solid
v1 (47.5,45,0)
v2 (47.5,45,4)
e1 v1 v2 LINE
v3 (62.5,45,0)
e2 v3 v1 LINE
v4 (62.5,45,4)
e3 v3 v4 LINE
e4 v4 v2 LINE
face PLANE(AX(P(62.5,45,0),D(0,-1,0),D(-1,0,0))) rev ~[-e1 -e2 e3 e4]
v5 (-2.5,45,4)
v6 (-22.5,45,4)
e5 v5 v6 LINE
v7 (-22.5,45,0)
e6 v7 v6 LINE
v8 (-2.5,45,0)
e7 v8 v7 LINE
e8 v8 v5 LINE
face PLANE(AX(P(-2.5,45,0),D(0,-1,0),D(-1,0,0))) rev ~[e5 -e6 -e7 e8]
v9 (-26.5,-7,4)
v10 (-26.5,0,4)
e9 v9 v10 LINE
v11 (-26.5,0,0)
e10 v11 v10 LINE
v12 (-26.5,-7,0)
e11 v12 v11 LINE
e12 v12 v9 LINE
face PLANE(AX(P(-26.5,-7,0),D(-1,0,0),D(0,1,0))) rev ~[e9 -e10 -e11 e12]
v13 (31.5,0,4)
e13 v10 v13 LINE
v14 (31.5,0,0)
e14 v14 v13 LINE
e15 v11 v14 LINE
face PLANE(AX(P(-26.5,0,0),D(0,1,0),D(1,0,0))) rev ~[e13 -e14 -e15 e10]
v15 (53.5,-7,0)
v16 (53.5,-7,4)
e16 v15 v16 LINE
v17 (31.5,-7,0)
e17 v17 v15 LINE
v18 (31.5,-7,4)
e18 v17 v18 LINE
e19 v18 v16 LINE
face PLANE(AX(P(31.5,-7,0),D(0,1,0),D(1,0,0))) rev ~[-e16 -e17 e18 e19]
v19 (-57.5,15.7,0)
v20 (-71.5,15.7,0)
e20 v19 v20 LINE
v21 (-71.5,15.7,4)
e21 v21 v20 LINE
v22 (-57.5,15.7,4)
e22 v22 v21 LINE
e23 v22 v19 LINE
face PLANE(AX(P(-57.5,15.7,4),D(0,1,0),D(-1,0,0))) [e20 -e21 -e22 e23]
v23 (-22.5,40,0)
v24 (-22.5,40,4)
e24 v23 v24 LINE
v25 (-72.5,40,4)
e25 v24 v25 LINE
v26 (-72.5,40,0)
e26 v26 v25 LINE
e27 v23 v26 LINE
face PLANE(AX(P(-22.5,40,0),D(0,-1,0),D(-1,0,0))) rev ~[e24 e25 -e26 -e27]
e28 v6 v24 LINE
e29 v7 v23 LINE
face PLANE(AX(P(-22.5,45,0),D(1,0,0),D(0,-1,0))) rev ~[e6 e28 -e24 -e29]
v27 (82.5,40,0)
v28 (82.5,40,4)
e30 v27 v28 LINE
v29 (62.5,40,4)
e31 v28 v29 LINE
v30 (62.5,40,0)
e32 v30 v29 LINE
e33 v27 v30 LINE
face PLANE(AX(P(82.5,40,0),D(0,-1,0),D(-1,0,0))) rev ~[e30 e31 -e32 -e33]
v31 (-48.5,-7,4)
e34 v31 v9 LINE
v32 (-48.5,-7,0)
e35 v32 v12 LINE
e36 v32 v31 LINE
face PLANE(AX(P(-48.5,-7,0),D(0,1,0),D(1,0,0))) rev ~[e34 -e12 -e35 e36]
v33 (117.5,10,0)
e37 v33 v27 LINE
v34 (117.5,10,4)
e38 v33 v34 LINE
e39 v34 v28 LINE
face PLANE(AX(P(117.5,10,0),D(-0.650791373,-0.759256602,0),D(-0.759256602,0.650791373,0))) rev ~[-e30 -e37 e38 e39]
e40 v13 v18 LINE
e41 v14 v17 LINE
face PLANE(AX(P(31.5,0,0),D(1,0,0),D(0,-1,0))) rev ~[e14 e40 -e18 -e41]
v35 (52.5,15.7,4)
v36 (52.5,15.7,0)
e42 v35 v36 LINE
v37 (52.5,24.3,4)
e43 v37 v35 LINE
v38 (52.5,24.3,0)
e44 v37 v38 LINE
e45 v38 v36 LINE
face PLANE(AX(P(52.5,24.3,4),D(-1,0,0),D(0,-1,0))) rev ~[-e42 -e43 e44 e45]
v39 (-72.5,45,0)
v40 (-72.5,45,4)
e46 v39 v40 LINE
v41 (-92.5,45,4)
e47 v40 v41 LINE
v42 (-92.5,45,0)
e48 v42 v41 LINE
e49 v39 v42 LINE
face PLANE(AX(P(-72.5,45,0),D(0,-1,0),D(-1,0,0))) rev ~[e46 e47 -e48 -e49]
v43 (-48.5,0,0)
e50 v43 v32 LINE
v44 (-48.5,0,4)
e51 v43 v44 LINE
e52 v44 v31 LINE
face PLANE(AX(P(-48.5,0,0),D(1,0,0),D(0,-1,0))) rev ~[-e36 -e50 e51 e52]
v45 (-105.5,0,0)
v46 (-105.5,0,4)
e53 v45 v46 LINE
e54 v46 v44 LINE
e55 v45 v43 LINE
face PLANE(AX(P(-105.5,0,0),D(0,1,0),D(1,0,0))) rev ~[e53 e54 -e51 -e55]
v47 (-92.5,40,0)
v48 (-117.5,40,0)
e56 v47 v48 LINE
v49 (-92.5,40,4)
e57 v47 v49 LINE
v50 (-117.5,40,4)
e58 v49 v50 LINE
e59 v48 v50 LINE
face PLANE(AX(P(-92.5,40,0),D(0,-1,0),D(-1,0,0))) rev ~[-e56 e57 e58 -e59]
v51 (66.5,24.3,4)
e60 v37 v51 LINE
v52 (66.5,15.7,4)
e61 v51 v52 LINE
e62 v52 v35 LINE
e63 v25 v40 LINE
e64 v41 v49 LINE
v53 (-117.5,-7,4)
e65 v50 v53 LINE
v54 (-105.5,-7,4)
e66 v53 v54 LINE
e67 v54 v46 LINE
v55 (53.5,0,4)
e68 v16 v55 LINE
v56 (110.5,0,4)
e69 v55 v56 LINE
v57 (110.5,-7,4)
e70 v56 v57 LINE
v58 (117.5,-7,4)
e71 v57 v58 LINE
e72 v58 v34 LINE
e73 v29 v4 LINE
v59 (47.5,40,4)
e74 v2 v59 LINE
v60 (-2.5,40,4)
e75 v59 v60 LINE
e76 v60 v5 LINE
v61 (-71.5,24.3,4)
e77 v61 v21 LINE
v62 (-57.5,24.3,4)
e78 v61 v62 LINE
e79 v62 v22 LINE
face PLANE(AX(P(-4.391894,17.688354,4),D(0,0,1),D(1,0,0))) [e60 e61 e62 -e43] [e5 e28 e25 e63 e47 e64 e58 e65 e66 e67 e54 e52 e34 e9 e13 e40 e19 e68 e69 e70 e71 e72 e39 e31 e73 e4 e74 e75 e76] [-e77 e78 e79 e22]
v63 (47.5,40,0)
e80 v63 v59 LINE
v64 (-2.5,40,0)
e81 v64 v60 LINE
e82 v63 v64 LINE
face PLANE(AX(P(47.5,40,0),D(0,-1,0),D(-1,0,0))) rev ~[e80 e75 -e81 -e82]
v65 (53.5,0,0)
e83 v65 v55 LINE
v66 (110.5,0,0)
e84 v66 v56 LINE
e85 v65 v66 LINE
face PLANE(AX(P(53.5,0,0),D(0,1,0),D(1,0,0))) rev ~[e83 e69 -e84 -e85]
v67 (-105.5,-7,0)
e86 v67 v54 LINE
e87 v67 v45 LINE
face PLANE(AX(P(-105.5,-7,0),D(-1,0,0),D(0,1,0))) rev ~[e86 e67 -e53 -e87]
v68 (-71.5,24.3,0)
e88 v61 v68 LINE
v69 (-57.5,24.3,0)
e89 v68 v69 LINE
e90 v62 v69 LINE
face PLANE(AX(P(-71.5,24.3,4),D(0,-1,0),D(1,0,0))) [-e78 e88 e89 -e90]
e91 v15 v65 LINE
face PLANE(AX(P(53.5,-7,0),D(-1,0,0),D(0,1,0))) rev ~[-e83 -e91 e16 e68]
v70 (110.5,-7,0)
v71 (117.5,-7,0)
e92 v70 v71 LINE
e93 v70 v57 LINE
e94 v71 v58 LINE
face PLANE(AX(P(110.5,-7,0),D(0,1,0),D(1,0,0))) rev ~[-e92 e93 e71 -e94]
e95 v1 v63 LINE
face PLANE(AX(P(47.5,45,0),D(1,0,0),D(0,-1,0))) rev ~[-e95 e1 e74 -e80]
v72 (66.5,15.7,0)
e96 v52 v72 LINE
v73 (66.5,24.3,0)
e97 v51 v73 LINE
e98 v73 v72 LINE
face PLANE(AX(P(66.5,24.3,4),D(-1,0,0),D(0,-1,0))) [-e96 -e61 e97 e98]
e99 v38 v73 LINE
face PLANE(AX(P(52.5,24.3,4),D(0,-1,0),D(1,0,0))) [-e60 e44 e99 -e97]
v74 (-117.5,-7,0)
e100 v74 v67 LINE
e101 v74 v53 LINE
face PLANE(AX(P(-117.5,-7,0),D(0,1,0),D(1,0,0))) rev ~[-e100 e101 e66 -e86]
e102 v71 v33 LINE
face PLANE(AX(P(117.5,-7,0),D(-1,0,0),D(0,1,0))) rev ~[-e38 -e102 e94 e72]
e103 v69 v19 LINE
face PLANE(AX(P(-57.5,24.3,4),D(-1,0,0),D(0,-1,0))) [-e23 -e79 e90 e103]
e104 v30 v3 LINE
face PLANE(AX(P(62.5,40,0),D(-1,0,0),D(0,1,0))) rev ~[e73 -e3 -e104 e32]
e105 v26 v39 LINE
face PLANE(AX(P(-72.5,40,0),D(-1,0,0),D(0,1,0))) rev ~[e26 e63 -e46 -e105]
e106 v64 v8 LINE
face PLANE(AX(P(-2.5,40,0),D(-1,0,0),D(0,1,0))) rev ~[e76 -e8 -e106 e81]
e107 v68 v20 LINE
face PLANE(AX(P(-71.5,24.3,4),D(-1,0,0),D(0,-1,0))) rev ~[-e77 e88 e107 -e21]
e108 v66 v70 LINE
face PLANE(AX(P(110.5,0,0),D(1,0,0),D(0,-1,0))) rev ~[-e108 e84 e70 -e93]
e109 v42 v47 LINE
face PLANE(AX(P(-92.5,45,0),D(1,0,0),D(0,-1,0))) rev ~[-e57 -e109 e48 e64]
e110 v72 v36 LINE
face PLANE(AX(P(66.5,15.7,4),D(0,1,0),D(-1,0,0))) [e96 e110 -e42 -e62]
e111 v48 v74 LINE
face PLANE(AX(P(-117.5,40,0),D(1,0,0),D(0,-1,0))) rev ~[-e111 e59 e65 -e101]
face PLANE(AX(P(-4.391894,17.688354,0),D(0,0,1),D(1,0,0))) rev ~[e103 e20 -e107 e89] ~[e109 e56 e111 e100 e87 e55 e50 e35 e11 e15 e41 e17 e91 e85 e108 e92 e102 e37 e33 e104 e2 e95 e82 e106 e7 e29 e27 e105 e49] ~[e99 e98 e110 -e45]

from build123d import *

# Parameters (mm, degrees)
BOSS_EXTRUDE2_DEPTH = 4
CUT_EXTRUDE1_DEPTH  = 4


with BuildPart() as part:
    # Sketch1 → Boss-Extrude2 (new body)
    with BuildSketch(Plane.XY):
        Polygon((-105.5, 0), (-48.5, 0), (-48.5, -7), (-26.5, -7), (-26.5, 0), (31.5, 0), (31.5, -7), (53.5, -7), (53.5, 0), (110.5, 0), (110.5, -7), (117.5, -7), (117.5, 0), (117.5, 10), (82.5, 40), (62.5, 40), (62.5, 45), (47.5, 45), (47.5, 40), (-2.5, 40), (-2.5, 45), (-22.5, 45), (-22.5, 40), (-72.5, 40), (-72.5, 45), (-92.5, 45), (-92.5, 40), (-117.5, 40), (-117.5, 0), (-117.5, -7), (-105.5, -7), align=None)
    extrude(amount=BOSS_EXTRUDE2_DEPTH)

    # Sketch2 → Cut-Extrude1 (cut)
    with BuildSketch(Plane.XY.offset(4)):
        Polygon((-71.5, 20), (-71.5, 24.3), (-57.5, 24.3), (-57.5, 15.7), (-71.5, 15.7), align=None)
        Polygon((52.5, 20), (52.5, 24.3), (66.5, 24.3), (66.5, 15.7), (52.5, 15.7), align=None)
    extrude(amount=-CUT_EXTRUDE1_DEPTH, mode=Mode.SUBTRACT)


solid = part.part
